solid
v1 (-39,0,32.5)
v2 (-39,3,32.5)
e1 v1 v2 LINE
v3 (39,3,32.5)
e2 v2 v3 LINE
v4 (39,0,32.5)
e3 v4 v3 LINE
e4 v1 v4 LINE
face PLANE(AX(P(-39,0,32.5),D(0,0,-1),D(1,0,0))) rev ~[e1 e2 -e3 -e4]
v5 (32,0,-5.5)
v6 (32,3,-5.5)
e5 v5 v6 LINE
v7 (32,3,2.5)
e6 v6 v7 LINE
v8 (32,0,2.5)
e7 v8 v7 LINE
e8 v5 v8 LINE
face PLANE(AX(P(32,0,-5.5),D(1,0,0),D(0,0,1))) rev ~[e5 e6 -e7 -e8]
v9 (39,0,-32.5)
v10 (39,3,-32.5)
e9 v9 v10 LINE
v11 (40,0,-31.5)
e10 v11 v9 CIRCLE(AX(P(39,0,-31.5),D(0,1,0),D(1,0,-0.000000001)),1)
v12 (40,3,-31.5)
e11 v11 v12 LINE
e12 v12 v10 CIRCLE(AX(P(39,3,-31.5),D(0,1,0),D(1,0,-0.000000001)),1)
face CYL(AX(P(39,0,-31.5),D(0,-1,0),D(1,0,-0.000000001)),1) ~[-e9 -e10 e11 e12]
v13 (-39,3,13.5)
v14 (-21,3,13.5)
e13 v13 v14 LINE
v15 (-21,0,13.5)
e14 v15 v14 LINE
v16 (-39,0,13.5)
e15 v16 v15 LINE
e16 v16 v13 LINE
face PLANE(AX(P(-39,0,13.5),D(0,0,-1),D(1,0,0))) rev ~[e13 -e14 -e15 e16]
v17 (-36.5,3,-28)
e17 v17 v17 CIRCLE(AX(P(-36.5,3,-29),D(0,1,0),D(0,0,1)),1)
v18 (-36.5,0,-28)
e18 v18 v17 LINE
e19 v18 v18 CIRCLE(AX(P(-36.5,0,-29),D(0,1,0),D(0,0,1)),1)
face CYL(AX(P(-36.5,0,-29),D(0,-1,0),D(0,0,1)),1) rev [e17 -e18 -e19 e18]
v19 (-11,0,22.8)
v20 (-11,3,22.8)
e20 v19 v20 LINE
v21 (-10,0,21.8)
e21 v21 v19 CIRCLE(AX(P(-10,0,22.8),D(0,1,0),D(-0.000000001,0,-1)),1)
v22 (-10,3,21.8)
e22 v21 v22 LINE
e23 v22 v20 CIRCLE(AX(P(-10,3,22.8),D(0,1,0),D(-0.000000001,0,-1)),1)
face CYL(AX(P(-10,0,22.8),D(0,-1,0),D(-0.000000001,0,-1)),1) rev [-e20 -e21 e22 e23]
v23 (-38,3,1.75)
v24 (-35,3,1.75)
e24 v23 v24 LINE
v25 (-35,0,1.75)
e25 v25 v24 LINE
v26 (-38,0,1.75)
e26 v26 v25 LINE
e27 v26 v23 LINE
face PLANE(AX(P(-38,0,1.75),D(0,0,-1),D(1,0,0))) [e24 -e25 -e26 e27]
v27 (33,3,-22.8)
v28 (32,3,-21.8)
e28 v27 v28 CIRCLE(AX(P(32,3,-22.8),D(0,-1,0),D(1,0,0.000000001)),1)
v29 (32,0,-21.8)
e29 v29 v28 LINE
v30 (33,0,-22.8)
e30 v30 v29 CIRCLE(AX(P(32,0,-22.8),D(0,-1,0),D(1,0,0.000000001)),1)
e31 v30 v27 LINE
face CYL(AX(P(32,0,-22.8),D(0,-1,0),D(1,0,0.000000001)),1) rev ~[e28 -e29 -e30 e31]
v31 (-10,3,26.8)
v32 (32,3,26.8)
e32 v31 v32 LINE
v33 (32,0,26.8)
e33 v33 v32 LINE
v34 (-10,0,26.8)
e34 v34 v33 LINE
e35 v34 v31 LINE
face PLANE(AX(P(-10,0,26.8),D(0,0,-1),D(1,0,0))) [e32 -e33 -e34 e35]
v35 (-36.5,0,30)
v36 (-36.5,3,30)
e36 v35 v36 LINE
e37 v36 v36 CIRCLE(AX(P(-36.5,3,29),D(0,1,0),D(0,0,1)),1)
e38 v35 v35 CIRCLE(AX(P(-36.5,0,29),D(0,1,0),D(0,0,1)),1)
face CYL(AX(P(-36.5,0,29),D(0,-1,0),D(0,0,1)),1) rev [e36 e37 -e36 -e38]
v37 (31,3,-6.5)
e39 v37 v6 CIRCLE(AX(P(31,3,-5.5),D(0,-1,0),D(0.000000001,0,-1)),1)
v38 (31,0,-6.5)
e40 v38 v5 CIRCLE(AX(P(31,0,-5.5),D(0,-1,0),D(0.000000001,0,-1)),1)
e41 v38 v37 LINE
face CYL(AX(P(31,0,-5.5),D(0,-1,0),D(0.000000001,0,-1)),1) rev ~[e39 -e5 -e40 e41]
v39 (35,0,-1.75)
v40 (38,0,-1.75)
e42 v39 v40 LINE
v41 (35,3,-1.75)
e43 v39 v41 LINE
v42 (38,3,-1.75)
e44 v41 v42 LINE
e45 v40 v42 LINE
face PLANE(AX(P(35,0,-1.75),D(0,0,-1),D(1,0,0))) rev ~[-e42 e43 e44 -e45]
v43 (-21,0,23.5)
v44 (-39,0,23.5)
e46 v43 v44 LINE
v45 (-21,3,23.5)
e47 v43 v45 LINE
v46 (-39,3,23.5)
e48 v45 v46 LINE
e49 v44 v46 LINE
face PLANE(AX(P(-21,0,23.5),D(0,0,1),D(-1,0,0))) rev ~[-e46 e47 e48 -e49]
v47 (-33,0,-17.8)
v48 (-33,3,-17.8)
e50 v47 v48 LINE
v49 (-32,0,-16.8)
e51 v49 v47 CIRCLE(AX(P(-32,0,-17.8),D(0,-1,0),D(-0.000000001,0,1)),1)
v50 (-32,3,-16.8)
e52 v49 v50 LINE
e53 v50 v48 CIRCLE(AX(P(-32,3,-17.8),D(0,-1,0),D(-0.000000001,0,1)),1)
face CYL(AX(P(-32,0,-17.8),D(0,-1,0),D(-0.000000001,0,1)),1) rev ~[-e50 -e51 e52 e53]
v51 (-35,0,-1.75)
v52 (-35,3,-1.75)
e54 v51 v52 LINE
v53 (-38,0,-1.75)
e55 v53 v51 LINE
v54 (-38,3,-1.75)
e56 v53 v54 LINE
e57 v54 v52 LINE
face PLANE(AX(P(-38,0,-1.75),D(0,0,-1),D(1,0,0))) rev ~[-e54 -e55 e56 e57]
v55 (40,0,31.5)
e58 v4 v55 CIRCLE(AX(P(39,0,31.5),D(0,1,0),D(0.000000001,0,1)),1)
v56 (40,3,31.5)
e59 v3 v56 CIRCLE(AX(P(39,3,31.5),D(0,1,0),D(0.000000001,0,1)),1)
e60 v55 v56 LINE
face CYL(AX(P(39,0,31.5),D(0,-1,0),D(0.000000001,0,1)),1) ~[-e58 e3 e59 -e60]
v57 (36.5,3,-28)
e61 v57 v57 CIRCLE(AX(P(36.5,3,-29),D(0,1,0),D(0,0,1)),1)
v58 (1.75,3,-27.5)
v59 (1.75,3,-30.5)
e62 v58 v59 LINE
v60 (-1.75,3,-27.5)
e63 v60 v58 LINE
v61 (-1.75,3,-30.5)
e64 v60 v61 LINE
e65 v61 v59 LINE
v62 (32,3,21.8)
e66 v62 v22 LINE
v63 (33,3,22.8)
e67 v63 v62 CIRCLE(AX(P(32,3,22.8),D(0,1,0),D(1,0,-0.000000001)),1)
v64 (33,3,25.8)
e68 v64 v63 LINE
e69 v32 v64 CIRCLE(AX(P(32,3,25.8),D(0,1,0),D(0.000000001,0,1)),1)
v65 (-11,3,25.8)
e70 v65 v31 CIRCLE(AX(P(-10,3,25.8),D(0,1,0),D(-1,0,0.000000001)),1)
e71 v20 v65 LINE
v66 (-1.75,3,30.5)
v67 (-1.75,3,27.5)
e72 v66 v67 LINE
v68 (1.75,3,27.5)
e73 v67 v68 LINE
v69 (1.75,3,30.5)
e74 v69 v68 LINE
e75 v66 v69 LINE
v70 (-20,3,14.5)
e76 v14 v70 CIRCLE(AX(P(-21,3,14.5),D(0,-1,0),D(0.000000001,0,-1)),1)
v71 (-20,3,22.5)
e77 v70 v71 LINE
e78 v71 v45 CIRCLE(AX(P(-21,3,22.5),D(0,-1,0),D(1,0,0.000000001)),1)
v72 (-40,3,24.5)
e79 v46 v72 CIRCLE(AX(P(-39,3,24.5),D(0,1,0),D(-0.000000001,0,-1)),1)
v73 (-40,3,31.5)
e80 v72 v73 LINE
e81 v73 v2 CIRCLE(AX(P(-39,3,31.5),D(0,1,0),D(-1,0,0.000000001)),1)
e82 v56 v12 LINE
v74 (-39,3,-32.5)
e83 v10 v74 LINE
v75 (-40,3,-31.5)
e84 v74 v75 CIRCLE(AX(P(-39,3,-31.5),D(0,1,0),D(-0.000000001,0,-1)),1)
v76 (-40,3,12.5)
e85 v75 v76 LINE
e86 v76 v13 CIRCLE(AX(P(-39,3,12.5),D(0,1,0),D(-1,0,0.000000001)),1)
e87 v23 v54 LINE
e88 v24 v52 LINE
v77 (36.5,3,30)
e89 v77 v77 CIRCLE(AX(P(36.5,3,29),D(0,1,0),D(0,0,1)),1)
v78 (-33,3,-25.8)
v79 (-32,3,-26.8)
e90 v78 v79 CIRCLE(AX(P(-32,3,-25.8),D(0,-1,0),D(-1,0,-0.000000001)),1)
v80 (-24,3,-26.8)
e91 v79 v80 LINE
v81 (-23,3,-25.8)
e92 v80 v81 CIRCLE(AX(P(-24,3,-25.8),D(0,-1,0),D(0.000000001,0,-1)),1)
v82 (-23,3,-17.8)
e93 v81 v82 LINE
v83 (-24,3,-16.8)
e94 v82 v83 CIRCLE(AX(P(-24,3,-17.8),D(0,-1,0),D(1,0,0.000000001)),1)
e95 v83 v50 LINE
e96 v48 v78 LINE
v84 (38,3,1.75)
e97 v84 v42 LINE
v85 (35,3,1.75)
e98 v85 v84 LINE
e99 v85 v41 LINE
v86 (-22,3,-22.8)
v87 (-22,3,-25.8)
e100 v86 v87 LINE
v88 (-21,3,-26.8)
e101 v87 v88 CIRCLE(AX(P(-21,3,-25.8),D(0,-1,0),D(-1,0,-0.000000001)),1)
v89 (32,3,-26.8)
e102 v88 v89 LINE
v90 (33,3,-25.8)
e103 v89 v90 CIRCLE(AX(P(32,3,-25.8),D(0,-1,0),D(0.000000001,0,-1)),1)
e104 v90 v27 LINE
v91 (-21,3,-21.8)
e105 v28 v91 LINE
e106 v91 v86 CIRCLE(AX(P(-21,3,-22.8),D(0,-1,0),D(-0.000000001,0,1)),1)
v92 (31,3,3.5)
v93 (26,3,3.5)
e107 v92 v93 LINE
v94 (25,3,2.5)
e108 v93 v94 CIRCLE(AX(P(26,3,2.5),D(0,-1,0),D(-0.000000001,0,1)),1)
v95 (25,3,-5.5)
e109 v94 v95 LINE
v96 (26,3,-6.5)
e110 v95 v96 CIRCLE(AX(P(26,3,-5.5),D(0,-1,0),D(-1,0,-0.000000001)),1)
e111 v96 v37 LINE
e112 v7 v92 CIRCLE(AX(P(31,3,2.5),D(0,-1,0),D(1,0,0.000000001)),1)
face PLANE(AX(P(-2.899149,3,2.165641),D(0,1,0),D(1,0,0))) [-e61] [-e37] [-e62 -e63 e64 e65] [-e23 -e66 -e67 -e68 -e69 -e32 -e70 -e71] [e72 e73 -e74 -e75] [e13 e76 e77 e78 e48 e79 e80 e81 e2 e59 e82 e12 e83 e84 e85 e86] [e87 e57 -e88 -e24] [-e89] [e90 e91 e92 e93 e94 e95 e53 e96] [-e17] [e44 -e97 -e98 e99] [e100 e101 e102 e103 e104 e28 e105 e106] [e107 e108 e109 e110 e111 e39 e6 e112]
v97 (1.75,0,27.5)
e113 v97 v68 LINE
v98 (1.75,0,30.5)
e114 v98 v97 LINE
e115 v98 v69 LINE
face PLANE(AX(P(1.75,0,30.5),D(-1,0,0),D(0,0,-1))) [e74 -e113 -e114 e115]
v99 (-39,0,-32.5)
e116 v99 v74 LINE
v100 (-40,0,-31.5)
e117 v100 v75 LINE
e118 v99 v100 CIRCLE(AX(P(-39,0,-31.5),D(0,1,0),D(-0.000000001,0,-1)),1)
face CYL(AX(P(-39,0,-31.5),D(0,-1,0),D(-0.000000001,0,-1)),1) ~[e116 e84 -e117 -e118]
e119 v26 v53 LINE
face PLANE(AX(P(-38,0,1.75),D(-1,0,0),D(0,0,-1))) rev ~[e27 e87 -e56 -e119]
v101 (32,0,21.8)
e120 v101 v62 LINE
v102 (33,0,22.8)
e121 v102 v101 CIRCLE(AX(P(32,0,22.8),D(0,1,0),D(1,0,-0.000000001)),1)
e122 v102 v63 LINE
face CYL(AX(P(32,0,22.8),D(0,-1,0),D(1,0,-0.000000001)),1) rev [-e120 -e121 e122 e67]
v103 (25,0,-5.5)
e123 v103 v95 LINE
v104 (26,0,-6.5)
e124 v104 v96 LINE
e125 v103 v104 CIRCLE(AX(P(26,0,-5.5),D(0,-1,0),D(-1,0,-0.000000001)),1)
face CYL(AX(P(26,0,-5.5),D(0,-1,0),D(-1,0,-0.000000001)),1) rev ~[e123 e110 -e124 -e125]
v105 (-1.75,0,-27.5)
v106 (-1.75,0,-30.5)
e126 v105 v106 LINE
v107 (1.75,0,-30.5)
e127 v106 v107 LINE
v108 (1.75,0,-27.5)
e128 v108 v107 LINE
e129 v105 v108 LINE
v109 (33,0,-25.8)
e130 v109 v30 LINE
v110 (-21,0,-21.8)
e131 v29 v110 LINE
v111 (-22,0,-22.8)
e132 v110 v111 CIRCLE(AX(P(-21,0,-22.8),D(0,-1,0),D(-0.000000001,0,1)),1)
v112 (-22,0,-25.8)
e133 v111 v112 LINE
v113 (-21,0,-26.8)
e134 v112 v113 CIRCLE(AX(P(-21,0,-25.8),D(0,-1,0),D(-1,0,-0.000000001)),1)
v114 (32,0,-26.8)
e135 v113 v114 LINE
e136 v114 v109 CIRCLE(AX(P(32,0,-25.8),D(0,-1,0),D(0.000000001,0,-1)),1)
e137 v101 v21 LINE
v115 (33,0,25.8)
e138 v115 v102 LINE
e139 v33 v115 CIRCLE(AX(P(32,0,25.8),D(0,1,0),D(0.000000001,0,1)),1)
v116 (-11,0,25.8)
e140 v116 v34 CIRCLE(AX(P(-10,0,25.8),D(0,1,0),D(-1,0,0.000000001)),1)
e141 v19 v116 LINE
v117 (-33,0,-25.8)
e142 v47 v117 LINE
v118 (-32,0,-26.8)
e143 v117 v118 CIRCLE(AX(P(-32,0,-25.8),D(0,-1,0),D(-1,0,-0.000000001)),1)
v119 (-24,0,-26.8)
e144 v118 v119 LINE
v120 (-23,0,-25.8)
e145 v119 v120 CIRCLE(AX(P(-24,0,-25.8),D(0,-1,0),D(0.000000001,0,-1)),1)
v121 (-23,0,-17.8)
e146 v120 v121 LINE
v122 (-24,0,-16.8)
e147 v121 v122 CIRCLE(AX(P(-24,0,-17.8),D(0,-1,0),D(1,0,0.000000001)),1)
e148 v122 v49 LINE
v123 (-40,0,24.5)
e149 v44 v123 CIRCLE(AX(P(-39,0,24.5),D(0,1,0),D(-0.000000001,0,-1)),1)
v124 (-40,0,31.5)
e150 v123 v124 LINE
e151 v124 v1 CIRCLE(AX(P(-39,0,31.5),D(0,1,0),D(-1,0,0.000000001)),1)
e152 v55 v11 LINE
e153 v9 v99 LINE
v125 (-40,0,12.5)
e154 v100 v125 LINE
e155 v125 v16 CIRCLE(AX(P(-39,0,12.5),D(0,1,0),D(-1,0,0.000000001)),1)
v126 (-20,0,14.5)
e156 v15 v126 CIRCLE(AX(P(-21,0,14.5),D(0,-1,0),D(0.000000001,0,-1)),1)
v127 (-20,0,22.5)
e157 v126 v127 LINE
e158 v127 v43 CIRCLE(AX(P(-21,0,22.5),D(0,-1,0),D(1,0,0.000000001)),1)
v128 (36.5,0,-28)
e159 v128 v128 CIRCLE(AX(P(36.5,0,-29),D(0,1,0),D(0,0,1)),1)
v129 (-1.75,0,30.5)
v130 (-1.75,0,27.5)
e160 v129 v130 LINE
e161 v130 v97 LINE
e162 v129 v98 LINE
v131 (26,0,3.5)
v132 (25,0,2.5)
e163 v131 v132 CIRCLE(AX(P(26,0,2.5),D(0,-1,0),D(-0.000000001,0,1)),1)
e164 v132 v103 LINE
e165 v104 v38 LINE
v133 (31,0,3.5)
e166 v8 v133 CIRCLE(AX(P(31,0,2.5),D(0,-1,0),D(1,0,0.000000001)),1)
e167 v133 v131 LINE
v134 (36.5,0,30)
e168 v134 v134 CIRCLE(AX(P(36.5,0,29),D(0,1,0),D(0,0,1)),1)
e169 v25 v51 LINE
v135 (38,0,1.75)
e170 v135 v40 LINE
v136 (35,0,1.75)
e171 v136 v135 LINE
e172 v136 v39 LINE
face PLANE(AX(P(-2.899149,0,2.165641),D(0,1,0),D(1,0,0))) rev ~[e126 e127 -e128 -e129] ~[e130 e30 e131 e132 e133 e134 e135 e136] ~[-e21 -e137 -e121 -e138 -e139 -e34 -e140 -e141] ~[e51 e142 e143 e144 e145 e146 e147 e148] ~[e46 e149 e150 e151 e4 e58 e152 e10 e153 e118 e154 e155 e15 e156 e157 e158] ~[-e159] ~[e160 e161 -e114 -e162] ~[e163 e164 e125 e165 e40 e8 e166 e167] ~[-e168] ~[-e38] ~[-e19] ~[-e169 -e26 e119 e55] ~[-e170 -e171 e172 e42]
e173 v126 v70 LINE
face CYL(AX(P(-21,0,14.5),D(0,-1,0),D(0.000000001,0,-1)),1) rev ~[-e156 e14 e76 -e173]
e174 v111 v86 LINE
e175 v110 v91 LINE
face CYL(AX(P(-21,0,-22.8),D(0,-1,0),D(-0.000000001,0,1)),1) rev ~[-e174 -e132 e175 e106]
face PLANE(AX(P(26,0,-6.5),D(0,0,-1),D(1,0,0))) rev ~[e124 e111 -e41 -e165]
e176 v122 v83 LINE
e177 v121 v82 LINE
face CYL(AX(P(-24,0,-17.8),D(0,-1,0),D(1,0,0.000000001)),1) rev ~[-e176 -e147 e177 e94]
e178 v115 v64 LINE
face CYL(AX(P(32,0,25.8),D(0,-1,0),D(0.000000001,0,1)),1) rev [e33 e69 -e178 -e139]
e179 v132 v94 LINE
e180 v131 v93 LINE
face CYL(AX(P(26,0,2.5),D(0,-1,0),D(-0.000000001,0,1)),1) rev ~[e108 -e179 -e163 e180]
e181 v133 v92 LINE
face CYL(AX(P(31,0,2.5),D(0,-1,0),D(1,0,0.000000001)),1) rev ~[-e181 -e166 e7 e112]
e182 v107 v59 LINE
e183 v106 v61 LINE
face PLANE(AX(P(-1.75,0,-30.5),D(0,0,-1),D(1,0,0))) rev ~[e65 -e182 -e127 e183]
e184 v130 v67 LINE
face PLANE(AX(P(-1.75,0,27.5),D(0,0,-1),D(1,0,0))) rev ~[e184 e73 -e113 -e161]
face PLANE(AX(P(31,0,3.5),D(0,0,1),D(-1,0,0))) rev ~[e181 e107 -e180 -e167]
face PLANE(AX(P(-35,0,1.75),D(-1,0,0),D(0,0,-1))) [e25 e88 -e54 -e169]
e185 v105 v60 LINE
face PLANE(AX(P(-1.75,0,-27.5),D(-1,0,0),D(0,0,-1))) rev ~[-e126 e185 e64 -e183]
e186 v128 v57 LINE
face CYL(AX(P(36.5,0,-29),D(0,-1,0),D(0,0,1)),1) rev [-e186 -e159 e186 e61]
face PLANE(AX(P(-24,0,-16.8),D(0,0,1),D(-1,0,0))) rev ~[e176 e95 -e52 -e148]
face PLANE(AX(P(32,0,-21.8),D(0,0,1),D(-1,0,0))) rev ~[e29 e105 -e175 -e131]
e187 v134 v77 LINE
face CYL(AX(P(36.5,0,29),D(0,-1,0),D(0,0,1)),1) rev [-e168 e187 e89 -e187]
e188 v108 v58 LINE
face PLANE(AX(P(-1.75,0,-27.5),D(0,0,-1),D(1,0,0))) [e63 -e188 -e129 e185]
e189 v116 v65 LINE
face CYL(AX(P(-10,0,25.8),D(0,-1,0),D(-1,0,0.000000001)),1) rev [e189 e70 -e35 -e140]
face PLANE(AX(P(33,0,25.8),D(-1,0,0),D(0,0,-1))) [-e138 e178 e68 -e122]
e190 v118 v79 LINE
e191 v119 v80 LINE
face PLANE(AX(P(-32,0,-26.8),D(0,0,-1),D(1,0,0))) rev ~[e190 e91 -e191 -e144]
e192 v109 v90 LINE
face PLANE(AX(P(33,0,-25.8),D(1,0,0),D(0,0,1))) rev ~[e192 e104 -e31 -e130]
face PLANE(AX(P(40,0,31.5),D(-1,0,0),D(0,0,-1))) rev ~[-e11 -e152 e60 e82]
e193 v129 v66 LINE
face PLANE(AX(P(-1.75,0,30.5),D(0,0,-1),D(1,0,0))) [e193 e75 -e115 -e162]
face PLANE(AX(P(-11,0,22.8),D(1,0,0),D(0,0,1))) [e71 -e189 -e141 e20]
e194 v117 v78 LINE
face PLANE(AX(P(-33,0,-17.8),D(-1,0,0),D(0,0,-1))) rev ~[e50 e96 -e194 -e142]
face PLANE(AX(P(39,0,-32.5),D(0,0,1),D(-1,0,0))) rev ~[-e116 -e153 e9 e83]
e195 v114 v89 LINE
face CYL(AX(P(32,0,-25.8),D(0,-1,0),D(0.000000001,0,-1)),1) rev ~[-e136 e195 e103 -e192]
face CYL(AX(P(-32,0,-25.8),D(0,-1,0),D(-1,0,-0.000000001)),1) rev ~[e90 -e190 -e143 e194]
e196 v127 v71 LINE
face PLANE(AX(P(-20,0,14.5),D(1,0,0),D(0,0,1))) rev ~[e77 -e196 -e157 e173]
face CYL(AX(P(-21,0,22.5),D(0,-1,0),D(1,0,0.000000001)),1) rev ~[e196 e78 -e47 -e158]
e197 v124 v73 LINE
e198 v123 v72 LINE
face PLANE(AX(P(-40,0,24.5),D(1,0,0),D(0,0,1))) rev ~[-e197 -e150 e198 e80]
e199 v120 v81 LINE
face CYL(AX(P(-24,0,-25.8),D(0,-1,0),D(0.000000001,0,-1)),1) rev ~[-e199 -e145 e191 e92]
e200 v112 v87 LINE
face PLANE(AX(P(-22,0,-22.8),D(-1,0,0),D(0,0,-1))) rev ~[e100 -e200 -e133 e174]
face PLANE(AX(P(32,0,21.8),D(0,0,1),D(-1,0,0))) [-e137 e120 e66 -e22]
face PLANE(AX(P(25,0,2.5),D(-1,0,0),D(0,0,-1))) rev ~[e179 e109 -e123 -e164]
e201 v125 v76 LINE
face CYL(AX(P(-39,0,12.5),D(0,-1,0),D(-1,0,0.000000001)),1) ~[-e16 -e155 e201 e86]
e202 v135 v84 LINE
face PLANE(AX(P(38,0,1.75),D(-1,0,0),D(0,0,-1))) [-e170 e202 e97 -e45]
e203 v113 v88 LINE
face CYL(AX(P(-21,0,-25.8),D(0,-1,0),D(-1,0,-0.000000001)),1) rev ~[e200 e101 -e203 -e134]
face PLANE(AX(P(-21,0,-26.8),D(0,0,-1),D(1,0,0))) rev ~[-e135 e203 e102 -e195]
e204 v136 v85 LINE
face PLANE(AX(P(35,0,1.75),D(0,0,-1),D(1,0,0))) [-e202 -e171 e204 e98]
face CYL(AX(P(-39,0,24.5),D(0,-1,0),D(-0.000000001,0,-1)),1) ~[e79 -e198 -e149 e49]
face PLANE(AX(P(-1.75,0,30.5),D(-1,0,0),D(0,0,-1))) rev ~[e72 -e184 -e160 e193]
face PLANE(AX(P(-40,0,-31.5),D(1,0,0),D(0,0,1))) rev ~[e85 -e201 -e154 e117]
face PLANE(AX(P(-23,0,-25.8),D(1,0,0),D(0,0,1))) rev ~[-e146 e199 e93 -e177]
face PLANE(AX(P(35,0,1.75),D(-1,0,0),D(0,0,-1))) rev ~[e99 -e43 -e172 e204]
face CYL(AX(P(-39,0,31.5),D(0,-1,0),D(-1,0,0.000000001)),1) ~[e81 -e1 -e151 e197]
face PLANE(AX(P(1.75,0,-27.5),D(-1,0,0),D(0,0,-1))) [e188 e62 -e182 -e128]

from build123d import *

# Parameters (mm, degrees)
CROQUIS1_R              = 1
CROQUIS1_W              = 3
CROQUIS1_H              = 3.5
CROQUIS1_W_2            = 3.5
CROQUIS1_H_2            = 3
SALIENTE_EXTRUIR1_DEPTH = 3


with BuildPart() as part:
    # Croquis1 → Saliente-Extruir1 (new body)
    with BuildSketch(Plane(origin=(0, 0, 0), x_dir=(1, 0, 0), z_dir=(0, 1, 0))):
        with BuildLine():
            Line((-39, -32.5), (39, -32.5))
            ThreePointArc((39, -32.5), (39.707106781, -32.207106781), (40, -31.5))
            Line((40, -31.5), (40, 31.5))
            ThreePointArc((40, 31.5), (39.707106781, 32.207106781), (39, 32.5))
            Line((39, 32.5), (-39, 32.5))
            ThreePointArc((-39, 32.5), (-39.707106781, 32.207106781), (-40, 31.5))
            Line((-40, 31.5), (-40, -12.5))
            ThreePointArc((-40, -12.5), (-39.707106781, -13.207106781), (-39, -13.5))
            Line((-39, -13.5), (-21, -13.5))
            ThreePointArc((-21, -13.5), (-20.292893219, -13.792893219), (-20, -14.5))
            Line((-20, -14.5), (-20, -22.5))
            ThreePointArc((-20, -22.5), (-20.292893219, -23.207106781), (-21, -23.5))
            Line((-21, -23.5), (-39, -23.5))
            ThreePointArc((-39, -23.5), (-39.707106781, -23.792893219), (-40, -24.5))
            Line((-40, -24.5), (-40, -31.5))
            ThreePointArc((-40, -31.5), (-39.707106781, -32.207106781), (-39, -32.5))
        make_face()
        with Locations(Location((-36.5, 29, 0), (0, 0, 270))):
            Circle(CROQUIS1_R, mode=Mode.SUBTRACT)
        with Locations(Location((-36.5, -29, 0), (0, 0, 270))):
            Circle(CROQUIS1_R, mode=Mode.SUBTRACT)
        with Locations(Location((36.5, 29, 0), (0, 0, 270))):
            Circle(CROQUIS1_R, mode=Mode.SUBTRACT)
        with Locations(Location((36.5, -29, 0), (0, 0, 270))):
            Circle(CROQUIS1_R, mode=Mode.SUBTRACT)
        with Locations((-36.5, 0)):
            Rectangle(CROQUIS1_W, CROQUIS1_H, mode=Mode.SUBTRACT)
        with Locations((36.5, 0)):
            Rectangle(CROQUIS1_W, CROQUIS1_H, mode=Mode.SUBTRACT)
        with Locations((0, -29)):
            Rectangle(CROQUIS1_W_2, CROQUIS1_H_2, mode=Mode.SUBTRACT)
        with Locations((0, 29)):
            Rectangle(CROQUIS1_W_2, CROQUIS1_H_2, mode=Mode.SUBTRACT)
        with BuildLine():
            Line((-10, -26.8), (32, -26.8))
            ThreePointArc((32, -26.8), (32.707106781, -26.507106781), (33, -25.8))
            Line((33, -25.8), (33, -22.8))
            ThreePointArc((33, -22.8), (32.707106781, -22.092893219), (32, -21.8))
            Line((32, -21.8), (-10, -21.8))
            ThreePointArc((-10, -21.8), (-10.707106781, -22.092893219), (-11, -22.8))
            Line((-11, -22.8), (-11, -25.8))
            ThreePointArc((-11, -25.8), (-10.707106781, -26.507106781), (-10, -26.8))
        make_face(mode=Mode.SUBTRACT)
        with BuildLine():
            Line((26, 6.5), (31, 6.5))
            ThreePointArc((31, 6.5), (31.707106781, 6.207106781), (32, 5.5))
            Line((32, 5.5), (32, -2.5))
            ThreePointArc((32, -2.5), (31.707106781, -3.207106781), (31, -3.5))
            Line((31, -3.5), (26, -3.5))
            ThreePointArc((26, -3.5), (25.292893219, -3.207106781), (25, -2.5))
            Line((25, -2.5), (25, 5.5))
            ThreePointArc((25, 5.5), (25.292893219, 6.207106781), (26, 6.5))
        make_face(mode=Mode.SUBTRACT)
        with BuildLine():
            Line((-21, 26.8), (32, 26.8))
            ThreePointArc((32, 26.8), (32.707106781, 26.507106781), (33, 25.8))
            Line((33, 25.8), (33, 22.8))
            ThreePointArc((33, 22.8), (32.707106781, 22.092893219), (32, 21.8))
            Line((32, 21.8), (-21, 21.8))
            ThreePointArc((-21, 21.8), (-21.707106781, 22.092893219), (-22, 22.8))
            Line((-22, 22.8), (-22, 25.8))
            ThreePointArc((-22, 25.8), (-21.707106781, 26.507106781), (-21, 26.8))
        make_face(mode=Mode.SUBTRACT)
        with BuildLine():
            Line((-32, 26.8), (-24, 26.8))
            ThreePointArc((-24, 26.8), (-23.292893219, 26.507106781), (-23, 25.8))
            Line((-23, 25.8), (-23, 17.8))
            ThreePointArc((-23, 17.8), (-23.292893219, 17.092893219), (-24, 16.8))
            Line((-24, 16.8), (-32, 16.8))
            ThreePointArc((-32, 16.8), (-32.707106781, 17.092893219), (-33, 17.8))
            Line((-33, 17.8), (-33, 25.8))
            ThreePointArc((-33, 25.8), (-32.707106781, 26.507106781), (-32, 26.8))
        make_face(mode=Mode.SUBTRACT)
    extrude(amount=SALIENTE_EXTRUIR1_DEPTH)


solid = part.part
